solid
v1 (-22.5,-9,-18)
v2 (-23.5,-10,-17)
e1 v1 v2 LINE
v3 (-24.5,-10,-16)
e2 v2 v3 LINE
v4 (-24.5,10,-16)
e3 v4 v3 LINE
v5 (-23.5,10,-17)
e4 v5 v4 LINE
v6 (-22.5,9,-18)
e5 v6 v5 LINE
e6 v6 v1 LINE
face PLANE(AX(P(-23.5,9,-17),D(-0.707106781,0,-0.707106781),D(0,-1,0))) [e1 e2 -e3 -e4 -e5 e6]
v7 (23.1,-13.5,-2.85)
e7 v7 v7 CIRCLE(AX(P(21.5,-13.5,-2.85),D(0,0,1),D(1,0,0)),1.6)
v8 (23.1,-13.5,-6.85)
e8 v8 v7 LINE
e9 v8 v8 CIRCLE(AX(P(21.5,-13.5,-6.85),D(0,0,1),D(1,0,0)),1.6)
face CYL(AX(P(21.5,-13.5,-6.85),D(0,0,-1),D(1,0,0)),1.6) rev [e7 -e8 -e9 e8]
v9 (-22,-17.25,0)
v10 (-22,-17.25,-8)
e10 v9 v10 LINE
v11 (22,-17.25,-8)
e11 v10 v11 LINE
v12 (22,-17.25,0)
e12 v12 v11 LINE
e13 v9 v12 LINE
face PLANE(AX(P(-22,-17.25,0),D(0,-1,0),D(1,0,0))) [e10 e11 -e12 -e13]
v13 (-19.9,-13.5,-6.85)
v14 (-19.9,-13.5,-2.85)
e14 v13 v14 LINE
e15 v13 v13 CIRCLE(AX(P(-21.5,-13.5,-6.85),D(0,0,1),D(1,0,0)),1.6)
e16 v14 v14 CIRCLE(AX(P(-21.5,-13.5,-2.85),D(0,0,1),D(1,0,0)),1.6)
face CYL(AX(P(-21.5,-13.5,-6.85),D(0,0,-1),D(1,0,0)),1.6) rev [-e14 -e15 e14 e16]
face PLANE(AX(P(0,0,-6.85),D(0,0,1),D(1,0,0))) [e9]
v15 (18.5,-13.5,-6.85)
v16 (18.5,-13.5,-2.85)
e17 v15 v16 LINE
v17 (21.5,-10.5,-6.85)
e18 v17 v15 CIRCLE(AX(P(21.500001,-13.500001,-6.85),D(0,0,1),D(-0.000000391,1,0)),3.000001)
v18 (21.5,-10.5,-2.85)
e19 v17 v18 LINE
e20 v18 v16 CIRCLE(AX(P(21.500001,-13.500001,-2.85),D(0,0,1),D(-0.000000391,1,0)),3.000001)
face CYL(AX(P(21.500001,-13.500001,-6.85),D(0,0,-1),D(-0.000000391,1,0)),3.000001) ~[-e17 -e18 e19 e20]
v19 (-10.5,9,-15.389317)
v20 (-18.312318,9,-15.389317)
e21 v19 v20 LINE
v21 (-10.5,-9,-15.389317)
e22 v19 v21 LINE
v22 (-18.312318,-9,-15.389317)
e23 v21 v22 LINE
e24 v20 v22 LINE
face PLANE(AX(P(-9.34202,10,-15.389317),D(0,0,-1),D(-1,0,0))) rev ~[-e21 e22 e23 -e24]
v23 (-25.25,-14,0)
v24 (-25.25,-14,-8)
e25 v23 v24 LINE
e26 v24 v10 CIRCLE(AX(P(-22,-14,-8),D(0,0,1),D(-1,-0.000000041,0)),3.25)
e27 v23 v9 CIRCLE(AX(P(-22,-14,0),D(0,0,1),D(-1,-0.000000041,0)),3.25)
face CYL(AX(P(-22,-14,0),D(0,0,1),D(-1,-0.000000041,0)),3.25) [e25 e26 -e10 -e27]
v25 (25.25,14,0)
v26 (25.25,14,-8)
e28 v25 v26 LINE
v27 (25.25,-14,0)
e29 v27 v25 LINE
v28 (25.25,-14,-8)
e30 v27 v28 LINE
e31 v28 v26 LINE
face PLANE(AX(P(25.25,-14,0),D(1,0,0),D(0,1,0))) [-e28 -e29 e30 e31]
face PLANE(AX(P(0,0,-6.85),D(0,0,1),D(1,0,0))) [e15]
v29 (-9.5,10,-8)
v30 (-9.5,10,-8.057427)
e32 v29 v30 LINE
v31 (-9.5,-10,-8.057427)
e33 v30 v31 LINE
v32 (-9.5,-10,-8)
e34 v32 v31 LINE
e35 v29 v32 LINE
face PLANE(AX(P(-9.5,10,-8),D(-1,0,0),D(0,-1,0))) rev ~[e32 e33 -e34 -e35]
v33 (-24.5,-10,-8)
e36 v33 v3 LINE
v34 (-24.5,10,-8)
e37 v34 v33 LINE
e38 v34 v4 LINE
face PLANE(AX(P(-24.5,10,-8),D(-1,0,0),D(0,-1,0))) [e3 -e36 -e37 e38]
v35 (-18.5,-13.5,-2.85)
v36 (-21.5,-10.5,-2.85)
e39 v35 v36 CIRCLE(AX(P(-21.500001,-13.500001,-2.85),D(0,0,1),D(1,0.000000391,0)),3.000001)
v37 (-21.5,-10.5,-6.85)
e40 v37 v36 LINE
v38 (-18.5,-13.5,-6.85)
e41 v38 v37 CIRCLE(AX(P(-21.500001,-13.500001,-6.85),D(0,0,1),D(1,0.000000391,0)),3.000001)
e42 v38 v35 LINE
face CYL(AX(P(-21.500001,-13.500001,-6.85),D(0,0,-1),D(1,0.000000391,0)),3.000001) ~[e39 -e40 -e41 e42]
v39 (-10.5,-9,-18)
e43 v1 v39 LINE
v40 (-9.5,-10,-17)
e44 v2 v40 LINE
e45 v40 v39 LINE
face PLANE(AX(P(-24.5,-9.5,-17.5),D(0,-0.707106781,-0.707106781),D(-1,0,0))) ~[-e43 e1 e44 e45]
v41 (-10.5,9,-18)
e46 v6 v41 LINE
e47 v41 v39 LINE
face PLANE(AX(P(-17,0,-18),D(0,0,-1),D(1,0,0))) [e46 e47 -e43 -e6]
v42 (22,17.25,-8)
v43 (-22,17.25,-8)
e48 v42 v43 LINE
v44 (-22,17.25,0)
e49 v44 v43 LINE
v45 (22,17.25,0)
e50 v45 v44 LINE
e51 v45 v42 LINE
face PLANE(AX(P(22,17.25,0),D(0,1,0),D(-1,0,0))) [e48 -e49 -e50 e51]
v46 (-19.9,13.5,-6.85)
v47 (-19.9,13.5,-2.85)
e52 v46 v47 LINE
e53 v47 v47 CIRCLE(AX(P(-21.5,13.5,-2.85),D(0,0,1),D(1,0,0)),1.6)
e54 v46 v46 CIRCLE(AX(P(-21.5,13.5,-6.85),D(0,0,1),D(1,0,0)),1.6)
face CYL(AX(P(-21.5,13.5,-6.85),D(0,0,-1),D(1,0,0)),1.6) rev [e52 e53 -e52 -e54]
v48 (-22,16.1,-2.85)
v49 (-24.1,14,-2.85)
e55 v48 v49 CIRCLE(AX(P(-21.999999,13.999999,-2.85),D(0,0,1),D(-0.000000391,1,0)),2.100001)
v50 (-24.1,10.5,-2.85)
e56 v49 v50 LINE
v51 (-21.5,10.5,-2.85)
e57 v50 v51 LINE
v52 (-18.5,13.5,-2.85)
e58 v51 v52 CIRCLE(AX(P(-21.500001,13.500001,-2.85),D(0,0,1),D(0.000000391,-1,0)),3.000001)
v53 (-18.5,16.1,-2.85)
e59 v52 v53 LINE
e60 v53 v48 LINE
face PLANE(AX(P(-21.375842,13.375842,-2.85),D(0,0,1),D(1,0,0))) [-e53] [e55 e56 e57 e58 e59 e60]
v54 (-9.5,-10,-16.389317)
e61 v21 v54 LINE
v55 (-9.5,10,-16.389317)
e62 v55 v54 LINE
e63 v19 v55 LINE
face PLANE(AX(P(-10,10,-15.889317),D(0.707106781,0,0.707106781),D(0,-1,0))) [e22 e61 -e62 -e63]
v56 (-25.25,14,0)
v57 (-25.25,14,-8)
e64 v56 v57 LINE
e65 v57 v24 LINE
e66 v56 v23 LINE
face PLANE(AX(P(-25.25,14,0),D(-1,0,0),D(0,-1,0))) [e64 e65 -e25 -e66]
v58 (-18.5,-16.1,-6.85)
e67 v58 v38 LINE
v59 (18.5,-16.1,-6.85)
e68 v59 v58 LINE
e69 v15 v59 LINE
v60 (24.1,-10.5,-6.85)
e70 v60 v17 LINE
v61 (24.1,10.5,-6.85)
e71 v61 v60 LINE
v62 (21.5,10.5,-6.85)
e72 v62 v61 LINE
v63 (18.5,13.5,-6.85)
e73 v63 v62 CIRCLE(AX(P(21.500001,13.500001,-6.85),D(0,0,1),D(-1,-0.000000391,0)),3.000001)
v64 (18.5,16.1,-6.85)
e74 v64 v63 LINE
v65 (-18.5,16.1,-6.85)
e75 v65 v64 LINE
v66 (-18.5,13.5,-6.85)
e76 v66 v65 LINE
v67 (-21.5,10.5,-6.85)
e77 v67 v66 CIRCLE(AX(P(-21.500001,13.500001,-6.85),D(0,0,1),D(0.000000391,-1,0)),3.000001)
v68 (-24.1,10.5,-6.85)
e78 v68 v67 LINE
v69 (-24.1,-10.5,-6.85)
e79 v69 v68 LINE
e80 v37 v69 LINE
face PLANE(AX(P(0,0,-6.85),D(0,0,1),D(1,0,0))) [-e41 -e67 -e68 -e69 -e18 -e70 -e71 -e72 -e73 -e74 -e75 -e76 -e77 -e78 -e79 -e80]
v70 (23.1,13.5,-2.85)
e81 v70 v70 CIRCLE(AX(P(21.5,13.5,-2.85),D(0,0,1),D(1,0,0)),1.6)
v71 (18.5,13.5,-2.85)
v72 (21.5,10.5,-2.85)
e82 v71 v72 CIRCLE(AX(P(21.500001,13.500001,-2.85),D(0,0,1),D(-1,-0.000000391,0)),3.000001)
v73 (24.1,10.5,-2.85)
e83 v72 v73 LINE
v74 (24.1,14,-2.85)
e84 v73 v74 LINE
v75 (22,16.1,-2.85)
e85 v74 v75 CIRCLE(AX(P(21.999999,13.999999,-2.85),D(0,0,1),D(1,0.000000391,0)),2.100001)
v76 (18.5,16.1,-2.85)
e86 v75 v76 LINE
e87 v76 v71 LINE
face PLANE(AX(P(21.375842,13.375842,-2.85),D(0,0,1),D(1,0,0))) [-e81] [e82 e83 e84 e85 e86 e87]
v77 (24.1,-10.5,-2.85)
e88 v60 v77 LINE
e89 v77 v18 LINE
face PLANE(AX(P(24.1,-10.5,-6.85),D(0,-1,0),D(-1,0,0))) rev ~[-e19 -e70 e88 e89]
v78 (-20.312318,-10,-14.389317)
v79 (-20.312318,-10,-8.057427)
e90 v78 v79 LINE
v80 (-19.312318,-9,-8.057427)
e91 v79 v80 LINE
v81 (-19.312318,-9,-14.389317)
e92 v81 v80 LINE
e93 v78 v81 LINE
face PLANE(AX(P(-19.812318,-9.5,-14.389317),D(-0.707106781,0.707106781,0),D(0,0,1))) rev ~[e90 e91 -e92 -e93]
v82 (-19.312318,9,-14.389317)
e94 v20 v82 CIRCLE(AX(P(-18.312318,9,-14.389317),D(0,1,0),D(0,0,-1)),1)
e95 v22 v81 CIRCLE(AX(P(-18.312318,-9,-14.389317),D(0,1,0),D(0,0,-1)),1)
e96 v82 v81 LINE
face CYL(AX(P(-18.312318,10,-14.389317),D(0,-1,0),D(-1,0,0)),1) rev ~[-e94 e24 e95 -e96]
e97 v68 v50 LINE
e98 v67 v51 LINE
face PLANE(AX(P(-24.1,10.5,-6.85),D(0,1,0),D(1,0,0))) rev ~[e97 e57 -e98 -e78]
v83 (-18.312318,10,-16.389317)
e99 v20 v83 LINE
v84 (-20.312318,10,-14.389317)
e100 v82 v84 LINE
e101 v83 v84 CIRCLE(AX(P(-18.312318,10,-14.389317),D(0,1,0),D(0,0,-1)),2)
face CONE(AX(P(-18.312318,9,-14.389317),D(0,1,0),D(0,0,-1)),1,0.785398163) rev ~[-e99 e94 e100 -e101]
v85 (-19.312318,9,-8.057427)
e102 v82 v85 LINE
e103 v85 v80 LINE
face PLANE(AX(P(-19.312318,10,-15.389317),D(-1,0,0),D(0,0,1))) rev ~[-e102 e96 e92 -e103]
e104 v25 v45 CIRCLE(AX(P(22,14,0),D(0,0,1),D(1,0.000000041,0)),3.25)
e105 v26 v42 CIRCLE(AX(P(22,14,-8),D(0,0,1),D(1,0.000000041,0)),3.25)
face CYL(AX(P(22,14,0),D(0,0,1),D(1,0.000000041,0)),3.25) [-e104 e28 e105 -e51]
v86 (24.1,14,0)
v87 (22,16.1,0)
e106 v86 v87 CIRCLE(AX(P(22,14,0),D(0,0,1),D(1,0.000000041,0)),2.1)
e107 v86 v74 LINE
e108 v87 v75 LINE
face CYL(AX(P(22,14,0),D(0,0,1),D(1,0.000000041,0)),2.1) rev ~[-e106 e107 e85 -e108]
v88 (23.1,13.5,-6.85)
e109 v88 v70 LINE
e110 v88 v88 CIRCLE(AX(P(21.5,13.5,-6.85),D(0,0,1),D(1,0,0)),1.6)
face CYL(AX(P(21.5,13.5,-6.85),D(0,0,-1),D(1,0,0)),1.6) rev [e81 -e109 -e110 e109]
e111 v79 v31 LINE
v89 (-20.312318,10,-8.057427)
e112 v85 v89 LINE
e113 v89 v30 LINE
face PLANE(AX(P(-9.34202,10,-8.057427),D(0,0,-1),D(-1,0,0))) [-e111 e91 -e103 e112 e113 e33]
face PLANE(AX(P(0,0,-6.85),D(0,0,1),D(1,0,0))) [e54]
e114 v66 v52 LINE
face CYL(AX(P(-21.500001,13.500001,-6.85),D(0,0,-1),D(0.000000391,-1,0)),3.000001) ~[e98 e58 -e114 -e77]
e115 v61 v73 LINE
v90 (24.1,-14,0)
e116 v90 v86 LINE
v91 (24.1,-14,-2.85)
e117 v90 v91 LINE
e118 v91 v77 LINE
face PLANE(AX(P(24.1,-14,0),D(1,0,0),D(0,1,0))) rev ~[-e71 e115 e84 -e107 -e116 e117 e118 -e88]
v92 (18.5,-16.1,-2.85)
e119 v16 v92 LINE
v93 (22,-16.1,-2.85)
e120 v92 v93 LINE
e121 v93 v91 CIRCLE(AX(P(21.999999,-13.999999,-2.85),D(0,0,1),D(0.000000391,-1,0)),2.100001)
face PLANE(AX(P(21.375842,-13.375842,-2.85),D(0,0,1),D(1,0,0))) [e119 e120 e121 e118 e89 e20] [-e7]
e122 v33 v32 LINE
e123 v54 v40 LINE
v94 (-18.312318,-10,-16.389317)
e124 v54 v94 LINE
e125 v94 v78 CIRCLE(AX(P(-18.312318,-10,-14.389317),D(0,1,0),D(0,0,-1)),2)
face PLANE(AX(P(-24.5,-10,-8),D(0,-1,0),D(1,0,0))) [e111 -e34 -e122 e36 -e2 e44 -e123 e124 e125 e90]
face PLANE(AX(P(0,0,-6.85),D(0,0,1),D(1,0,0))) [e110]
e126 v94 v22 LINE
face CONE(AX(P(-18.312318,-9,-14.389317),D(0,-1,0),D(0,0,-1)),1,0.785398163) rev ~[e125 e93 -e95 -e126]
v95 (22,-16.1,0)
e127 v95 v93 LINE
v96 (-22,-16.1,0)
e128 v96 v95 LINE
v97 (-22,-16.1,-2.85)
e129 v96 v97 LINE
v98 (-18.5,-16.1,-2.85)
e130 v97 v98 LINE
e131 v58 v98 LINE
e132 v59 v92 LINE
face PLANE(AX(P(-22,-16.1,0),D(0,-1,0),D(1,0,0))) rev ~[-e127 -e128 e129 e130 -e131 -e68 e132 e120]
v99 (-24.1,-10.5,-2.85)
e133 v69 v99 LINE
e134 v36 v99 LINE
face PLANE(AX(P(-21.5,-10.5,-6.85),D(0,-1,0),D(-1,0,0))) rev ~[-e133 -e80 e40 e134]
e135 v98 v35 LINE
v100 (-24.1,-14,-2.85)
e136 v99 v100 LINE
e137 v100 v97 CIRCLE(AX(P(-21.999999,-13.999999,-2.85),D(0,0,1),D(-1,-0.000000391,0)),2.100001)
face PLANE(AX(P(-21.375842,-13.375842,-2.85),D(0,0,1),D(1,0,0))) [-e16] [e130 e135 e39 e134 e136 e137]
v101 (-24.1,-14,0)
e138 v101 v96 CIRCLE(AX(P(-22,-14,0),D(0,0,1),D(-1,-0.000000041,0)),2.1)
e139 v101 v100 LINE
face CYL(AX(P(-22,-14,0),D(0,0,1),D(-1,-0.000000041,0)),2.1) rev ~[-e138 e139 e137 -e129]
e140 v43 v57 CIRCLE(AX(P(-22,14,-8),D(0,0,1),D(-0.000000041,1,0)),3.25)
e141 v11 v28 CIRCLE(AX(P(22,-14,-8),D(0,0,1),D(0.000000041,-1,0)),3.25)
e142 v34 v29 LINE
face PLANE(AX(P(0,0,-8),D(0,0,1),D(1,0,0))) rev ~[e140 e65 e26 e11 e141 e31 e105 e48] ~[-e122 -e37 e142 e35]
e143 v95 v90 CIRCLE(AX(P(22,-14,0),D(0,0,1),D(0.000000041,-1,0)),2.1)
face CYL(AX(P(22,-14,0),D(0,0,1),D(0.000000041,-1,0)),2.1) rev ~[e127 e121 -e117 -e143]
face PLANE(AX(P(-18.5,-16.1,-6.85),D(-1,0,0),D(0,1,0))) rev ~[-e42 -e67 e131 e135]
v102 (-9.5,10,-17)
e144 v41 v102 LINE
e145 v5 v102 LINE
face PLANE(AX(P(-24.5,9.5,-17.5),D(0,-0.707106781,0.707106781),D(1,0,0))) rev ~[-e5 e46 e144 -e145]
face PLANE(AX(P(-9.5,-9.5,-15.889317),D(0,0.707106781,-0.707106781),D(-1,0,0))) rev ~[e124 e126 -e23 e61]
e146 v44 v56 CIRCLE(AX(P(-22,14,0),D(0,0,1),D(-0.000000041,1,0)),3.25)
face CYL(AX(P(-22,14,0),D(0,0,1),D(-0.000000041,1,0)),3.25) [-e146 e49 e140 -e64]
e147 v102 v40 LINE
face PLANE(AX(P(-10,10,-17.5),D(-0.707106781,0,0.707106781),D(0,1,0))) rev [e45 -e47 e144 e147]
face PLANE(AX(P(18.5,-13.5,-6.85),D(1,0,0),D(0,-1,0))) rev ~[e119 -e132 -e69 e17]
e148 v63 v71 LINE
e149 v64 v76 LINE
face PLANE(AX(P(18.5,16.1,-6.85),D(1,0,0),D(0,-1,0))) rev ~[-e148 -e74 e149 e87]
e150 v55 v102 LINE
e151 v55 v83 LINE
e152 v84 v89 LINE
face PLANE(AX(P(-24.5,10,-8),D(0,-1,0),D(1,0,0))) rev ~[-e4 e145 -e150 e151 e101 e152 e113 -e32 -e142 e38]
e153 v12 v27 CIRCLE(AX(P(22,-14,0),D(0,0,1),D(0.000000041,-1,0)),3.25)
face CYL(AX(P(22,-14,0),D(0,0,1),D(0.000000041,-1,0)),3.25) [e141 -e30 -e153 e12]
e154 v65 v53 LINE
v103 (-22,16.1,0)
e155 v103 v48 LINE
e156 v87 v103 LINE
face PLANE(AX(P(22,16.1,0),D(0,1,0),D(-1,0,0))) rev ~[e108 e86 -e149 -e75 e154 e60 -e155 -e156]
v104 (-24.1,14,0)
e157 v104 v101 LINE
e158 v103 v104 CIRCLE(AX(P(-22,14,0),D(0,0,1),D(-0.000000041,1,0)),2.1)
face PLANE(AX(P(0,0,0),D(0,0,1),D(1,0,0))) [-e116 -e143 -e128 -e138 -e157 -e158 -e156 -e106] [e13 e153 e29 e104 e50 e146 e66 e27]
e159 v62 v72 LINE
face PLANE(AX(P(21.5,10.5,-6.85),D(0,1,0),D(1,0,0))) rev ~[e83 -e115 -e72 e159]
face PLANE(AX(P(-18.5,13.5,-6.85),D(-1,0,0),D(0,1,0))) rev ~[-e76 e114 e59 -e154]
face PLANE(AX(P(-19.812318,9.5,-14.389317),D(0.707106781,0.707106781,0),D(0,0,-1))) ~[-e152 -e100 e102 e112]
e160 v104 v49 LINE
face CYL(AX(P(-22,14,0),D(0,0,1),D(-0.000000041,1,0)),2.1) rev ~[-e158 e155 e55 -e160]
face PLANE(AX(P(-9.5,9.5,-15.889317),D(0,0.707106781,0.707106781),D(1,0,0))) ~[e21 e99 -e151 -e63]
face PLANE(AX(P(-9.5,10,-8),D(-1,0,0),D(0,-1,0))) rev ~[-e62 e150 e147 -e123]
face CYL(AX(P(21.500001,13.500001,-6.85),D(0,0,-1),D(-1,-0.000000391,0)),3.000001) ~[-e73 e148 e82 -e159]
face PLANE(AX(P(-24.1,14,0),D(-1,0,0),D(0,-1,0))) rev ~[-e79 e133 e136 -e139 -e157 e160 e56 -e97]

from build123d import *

# Parameters (mm, degrees)
PAD_DEPTH       = 8
THICKNESS_T     = -1.15
SKETCH002_R     = 1.6
PAD008_DEPTH    = 4
SKETCH011_W     = 15
SKETCH011_H     = 20
PAD009_DEPTH    = 10
SKETCH012_W     = 9.970298
SKETCH012_H     = 7.33189
POCKET002_DEPTH = 20
FILLET002_R     = 1
CHAMFER_SIZE    = 1
CHAMFER001_SIZE = 2


with BuildPart() as part:
    # Sketch001 → Pad (new body)
    with BuildSketch(Plane.XY):
        with BuildLine():
            Line((-25.25, 14), (-25.25, -14))
            ThreePointArc((-25.25, -14), (-24.298097, -16.298097), (-22, -17.25))
            Line((-22, -17.25), (22, -17.25))
            ThreePointArc((22, -17.25), (24.298097, -16.298097), (25.25, -14))
            Line((25.25, -14), (25.25, 14))
            ThreePointArc((25.25, 14), (24.298097, 16.298097), (22, 17.25))
            Line((22, 17.25), (-22, 17.25))
            ThreePointArc((-22, 17.25), (-24.298097, 16.298097), (-25.25, 14))
        make_face()
    extrude(amount=-PAD_DEPTH)

    # Thickness
    thickness_openings = [part.faces().sort_by_distance(p)[0] for p in [
        (0, 0, 0),
    ]]
    offset(amount=THICKNESS_T, openings=thickness_openings)

    # Sketch002 (on Face19 of Thickness) → Pad008 (join)
    with BuildSketch(Plane.XY.offset(-6.85)):
        with BuildLine():
            Line((-24.1, 14), (-24.1, 10.5))
            Line((-24.1, 10.5), (-21.5, 10.5))
            ThreePointArc((-21.5, 10.5), (-19.37868, 11.37868), (-18.5, 13.5))
            Line((-18.5, 13.5), (-18.5, 16.1))
            Line((-18.5, 16.1), (-22, 16.1))
            ThreePointArc((-22, 16.1), (-23.484924, 15.484924), (-24.1, 14))
        make_face()
        with Locations((-21.5, 13.5)):
            Circle(SKETCH002_R, mode=Mode.SUBTRACT)
        with BuildLine():
            Line((18.5, 16.1), (18.5, 13.5))
            ThreePointArc((18.5, 13.5), (19.37868, 11.37868), (21.5, 10.5))
            Line((21.5, 10.5), (24.1, 10.5))
            Line((24.1, 10.5), (24.1, 14))
            ThreePointArc((24.1, 14), (23.484924, 15.484924), (22, 16.1))
            Line((22, 16.1), (18.5, 16.1))
        make_face()
        with Locations((21.5, 13.5)):
            Circle(SKETCH002_R, mode=Mode.SUBTRACT)
        with BuildLine():
            Line((-21.5, -10.5), (-24.1, -10.5))
            Line((-24.1, -10.5), (-24.1, -14))
            ThreePointArc((-24.1, -14), (-23.484924, -15.484924), (-22, -16.1))
            Line((-22, -16.1), (-18.5, -16.1))
            Line((-18.5, -16.1), (-18.5, -13.5))
            ThreePointArc((-18.5, -13.5), (-19.37868, -11.37868), (-21.5, -10.5))
        make_face()
        with Locations((-21.5, -13.5)):
            Circle(SKETCH002_R, mode=Mode.SUBTRACT)
        with BuildLine():
            Line((18.5, -13.5), (18.5, -16.1))
            Line((18.5, -16.1), (22, -16.1))
            ThreePointArc((22, -16.1), (23.484924, -15.484924), (24.1, -14))
            Line((24.1, -14), (24.1, -10.5))
            Line((24.1, -10.5), (21.5, -10.5))
            ThreePointArc((21.5, -10.5), (19.37868, -11.37868), (18.5, -13.5))
        make_face()
        with Locations((21.5, -13.5)):
            Circle(SKETCH002_R, mode=Mode.SUBTRACT)
    extrude(amount=PAD008_DEPTH)

    # Sketch011 (on Face5 of Pad008) → Pad009 (join)
    with BuildSketch(Plane(origin=(0, 0, -8), x_dir=(1, 0, 0), z_dir=(0, 0, -1))):
        with Locations((-17, 0)):
            Rectangle(SKETCH011_W, SKETCH011_H)
    extrude(amount=PAD009_DEPTH)

    # Sketch012 (on Face19 of Pad009) → Pocket002 (cut)
    with BuildSketch(Plane(origin=(0, 10, 0), x_dir=(-1, 0, 0), z_dir=(0, 1, 0))):
        with Locations((14.327169, -11.723372)):
            Rectangle(SKETCH012_W, SKETCH012_H)
    extrude(amount=-POCKET002_DEPTH, mode=Mode.SUBTRACT)

    # Fillet002
    fillet002_edges = [part.edges().sort_by_distance(p)[0] for p in [
        (-19.312318, 0, -15.389317),
    ]]
    fillet(fillet002_edges, radius=FILLET002_R)

    # Chamfer
    chamfer_edges = [part.edges().sort_by_distance(p)[0] for p in [
        (-17, 10, -18),
        (-13.906159, 10, -15.389317),
        (-9.5, 0, -18),
        (-9.5, 0, -15.389317),
        (-13.906159, -10, -15.389317),
        (-17, -10, -18),
    ]]
    chamfer(chamfer_edges, length=CHAMFER_SIZE)

    # Chamfer001
    chamfer001_edges = [part.edges().sort_by_distance(p)[0] for p in [
        (-24.5, 0, -18),
    ]]
    chamfer(chamfer001_edges, length=CHAMFER001_SIZE)


solid = part.part
